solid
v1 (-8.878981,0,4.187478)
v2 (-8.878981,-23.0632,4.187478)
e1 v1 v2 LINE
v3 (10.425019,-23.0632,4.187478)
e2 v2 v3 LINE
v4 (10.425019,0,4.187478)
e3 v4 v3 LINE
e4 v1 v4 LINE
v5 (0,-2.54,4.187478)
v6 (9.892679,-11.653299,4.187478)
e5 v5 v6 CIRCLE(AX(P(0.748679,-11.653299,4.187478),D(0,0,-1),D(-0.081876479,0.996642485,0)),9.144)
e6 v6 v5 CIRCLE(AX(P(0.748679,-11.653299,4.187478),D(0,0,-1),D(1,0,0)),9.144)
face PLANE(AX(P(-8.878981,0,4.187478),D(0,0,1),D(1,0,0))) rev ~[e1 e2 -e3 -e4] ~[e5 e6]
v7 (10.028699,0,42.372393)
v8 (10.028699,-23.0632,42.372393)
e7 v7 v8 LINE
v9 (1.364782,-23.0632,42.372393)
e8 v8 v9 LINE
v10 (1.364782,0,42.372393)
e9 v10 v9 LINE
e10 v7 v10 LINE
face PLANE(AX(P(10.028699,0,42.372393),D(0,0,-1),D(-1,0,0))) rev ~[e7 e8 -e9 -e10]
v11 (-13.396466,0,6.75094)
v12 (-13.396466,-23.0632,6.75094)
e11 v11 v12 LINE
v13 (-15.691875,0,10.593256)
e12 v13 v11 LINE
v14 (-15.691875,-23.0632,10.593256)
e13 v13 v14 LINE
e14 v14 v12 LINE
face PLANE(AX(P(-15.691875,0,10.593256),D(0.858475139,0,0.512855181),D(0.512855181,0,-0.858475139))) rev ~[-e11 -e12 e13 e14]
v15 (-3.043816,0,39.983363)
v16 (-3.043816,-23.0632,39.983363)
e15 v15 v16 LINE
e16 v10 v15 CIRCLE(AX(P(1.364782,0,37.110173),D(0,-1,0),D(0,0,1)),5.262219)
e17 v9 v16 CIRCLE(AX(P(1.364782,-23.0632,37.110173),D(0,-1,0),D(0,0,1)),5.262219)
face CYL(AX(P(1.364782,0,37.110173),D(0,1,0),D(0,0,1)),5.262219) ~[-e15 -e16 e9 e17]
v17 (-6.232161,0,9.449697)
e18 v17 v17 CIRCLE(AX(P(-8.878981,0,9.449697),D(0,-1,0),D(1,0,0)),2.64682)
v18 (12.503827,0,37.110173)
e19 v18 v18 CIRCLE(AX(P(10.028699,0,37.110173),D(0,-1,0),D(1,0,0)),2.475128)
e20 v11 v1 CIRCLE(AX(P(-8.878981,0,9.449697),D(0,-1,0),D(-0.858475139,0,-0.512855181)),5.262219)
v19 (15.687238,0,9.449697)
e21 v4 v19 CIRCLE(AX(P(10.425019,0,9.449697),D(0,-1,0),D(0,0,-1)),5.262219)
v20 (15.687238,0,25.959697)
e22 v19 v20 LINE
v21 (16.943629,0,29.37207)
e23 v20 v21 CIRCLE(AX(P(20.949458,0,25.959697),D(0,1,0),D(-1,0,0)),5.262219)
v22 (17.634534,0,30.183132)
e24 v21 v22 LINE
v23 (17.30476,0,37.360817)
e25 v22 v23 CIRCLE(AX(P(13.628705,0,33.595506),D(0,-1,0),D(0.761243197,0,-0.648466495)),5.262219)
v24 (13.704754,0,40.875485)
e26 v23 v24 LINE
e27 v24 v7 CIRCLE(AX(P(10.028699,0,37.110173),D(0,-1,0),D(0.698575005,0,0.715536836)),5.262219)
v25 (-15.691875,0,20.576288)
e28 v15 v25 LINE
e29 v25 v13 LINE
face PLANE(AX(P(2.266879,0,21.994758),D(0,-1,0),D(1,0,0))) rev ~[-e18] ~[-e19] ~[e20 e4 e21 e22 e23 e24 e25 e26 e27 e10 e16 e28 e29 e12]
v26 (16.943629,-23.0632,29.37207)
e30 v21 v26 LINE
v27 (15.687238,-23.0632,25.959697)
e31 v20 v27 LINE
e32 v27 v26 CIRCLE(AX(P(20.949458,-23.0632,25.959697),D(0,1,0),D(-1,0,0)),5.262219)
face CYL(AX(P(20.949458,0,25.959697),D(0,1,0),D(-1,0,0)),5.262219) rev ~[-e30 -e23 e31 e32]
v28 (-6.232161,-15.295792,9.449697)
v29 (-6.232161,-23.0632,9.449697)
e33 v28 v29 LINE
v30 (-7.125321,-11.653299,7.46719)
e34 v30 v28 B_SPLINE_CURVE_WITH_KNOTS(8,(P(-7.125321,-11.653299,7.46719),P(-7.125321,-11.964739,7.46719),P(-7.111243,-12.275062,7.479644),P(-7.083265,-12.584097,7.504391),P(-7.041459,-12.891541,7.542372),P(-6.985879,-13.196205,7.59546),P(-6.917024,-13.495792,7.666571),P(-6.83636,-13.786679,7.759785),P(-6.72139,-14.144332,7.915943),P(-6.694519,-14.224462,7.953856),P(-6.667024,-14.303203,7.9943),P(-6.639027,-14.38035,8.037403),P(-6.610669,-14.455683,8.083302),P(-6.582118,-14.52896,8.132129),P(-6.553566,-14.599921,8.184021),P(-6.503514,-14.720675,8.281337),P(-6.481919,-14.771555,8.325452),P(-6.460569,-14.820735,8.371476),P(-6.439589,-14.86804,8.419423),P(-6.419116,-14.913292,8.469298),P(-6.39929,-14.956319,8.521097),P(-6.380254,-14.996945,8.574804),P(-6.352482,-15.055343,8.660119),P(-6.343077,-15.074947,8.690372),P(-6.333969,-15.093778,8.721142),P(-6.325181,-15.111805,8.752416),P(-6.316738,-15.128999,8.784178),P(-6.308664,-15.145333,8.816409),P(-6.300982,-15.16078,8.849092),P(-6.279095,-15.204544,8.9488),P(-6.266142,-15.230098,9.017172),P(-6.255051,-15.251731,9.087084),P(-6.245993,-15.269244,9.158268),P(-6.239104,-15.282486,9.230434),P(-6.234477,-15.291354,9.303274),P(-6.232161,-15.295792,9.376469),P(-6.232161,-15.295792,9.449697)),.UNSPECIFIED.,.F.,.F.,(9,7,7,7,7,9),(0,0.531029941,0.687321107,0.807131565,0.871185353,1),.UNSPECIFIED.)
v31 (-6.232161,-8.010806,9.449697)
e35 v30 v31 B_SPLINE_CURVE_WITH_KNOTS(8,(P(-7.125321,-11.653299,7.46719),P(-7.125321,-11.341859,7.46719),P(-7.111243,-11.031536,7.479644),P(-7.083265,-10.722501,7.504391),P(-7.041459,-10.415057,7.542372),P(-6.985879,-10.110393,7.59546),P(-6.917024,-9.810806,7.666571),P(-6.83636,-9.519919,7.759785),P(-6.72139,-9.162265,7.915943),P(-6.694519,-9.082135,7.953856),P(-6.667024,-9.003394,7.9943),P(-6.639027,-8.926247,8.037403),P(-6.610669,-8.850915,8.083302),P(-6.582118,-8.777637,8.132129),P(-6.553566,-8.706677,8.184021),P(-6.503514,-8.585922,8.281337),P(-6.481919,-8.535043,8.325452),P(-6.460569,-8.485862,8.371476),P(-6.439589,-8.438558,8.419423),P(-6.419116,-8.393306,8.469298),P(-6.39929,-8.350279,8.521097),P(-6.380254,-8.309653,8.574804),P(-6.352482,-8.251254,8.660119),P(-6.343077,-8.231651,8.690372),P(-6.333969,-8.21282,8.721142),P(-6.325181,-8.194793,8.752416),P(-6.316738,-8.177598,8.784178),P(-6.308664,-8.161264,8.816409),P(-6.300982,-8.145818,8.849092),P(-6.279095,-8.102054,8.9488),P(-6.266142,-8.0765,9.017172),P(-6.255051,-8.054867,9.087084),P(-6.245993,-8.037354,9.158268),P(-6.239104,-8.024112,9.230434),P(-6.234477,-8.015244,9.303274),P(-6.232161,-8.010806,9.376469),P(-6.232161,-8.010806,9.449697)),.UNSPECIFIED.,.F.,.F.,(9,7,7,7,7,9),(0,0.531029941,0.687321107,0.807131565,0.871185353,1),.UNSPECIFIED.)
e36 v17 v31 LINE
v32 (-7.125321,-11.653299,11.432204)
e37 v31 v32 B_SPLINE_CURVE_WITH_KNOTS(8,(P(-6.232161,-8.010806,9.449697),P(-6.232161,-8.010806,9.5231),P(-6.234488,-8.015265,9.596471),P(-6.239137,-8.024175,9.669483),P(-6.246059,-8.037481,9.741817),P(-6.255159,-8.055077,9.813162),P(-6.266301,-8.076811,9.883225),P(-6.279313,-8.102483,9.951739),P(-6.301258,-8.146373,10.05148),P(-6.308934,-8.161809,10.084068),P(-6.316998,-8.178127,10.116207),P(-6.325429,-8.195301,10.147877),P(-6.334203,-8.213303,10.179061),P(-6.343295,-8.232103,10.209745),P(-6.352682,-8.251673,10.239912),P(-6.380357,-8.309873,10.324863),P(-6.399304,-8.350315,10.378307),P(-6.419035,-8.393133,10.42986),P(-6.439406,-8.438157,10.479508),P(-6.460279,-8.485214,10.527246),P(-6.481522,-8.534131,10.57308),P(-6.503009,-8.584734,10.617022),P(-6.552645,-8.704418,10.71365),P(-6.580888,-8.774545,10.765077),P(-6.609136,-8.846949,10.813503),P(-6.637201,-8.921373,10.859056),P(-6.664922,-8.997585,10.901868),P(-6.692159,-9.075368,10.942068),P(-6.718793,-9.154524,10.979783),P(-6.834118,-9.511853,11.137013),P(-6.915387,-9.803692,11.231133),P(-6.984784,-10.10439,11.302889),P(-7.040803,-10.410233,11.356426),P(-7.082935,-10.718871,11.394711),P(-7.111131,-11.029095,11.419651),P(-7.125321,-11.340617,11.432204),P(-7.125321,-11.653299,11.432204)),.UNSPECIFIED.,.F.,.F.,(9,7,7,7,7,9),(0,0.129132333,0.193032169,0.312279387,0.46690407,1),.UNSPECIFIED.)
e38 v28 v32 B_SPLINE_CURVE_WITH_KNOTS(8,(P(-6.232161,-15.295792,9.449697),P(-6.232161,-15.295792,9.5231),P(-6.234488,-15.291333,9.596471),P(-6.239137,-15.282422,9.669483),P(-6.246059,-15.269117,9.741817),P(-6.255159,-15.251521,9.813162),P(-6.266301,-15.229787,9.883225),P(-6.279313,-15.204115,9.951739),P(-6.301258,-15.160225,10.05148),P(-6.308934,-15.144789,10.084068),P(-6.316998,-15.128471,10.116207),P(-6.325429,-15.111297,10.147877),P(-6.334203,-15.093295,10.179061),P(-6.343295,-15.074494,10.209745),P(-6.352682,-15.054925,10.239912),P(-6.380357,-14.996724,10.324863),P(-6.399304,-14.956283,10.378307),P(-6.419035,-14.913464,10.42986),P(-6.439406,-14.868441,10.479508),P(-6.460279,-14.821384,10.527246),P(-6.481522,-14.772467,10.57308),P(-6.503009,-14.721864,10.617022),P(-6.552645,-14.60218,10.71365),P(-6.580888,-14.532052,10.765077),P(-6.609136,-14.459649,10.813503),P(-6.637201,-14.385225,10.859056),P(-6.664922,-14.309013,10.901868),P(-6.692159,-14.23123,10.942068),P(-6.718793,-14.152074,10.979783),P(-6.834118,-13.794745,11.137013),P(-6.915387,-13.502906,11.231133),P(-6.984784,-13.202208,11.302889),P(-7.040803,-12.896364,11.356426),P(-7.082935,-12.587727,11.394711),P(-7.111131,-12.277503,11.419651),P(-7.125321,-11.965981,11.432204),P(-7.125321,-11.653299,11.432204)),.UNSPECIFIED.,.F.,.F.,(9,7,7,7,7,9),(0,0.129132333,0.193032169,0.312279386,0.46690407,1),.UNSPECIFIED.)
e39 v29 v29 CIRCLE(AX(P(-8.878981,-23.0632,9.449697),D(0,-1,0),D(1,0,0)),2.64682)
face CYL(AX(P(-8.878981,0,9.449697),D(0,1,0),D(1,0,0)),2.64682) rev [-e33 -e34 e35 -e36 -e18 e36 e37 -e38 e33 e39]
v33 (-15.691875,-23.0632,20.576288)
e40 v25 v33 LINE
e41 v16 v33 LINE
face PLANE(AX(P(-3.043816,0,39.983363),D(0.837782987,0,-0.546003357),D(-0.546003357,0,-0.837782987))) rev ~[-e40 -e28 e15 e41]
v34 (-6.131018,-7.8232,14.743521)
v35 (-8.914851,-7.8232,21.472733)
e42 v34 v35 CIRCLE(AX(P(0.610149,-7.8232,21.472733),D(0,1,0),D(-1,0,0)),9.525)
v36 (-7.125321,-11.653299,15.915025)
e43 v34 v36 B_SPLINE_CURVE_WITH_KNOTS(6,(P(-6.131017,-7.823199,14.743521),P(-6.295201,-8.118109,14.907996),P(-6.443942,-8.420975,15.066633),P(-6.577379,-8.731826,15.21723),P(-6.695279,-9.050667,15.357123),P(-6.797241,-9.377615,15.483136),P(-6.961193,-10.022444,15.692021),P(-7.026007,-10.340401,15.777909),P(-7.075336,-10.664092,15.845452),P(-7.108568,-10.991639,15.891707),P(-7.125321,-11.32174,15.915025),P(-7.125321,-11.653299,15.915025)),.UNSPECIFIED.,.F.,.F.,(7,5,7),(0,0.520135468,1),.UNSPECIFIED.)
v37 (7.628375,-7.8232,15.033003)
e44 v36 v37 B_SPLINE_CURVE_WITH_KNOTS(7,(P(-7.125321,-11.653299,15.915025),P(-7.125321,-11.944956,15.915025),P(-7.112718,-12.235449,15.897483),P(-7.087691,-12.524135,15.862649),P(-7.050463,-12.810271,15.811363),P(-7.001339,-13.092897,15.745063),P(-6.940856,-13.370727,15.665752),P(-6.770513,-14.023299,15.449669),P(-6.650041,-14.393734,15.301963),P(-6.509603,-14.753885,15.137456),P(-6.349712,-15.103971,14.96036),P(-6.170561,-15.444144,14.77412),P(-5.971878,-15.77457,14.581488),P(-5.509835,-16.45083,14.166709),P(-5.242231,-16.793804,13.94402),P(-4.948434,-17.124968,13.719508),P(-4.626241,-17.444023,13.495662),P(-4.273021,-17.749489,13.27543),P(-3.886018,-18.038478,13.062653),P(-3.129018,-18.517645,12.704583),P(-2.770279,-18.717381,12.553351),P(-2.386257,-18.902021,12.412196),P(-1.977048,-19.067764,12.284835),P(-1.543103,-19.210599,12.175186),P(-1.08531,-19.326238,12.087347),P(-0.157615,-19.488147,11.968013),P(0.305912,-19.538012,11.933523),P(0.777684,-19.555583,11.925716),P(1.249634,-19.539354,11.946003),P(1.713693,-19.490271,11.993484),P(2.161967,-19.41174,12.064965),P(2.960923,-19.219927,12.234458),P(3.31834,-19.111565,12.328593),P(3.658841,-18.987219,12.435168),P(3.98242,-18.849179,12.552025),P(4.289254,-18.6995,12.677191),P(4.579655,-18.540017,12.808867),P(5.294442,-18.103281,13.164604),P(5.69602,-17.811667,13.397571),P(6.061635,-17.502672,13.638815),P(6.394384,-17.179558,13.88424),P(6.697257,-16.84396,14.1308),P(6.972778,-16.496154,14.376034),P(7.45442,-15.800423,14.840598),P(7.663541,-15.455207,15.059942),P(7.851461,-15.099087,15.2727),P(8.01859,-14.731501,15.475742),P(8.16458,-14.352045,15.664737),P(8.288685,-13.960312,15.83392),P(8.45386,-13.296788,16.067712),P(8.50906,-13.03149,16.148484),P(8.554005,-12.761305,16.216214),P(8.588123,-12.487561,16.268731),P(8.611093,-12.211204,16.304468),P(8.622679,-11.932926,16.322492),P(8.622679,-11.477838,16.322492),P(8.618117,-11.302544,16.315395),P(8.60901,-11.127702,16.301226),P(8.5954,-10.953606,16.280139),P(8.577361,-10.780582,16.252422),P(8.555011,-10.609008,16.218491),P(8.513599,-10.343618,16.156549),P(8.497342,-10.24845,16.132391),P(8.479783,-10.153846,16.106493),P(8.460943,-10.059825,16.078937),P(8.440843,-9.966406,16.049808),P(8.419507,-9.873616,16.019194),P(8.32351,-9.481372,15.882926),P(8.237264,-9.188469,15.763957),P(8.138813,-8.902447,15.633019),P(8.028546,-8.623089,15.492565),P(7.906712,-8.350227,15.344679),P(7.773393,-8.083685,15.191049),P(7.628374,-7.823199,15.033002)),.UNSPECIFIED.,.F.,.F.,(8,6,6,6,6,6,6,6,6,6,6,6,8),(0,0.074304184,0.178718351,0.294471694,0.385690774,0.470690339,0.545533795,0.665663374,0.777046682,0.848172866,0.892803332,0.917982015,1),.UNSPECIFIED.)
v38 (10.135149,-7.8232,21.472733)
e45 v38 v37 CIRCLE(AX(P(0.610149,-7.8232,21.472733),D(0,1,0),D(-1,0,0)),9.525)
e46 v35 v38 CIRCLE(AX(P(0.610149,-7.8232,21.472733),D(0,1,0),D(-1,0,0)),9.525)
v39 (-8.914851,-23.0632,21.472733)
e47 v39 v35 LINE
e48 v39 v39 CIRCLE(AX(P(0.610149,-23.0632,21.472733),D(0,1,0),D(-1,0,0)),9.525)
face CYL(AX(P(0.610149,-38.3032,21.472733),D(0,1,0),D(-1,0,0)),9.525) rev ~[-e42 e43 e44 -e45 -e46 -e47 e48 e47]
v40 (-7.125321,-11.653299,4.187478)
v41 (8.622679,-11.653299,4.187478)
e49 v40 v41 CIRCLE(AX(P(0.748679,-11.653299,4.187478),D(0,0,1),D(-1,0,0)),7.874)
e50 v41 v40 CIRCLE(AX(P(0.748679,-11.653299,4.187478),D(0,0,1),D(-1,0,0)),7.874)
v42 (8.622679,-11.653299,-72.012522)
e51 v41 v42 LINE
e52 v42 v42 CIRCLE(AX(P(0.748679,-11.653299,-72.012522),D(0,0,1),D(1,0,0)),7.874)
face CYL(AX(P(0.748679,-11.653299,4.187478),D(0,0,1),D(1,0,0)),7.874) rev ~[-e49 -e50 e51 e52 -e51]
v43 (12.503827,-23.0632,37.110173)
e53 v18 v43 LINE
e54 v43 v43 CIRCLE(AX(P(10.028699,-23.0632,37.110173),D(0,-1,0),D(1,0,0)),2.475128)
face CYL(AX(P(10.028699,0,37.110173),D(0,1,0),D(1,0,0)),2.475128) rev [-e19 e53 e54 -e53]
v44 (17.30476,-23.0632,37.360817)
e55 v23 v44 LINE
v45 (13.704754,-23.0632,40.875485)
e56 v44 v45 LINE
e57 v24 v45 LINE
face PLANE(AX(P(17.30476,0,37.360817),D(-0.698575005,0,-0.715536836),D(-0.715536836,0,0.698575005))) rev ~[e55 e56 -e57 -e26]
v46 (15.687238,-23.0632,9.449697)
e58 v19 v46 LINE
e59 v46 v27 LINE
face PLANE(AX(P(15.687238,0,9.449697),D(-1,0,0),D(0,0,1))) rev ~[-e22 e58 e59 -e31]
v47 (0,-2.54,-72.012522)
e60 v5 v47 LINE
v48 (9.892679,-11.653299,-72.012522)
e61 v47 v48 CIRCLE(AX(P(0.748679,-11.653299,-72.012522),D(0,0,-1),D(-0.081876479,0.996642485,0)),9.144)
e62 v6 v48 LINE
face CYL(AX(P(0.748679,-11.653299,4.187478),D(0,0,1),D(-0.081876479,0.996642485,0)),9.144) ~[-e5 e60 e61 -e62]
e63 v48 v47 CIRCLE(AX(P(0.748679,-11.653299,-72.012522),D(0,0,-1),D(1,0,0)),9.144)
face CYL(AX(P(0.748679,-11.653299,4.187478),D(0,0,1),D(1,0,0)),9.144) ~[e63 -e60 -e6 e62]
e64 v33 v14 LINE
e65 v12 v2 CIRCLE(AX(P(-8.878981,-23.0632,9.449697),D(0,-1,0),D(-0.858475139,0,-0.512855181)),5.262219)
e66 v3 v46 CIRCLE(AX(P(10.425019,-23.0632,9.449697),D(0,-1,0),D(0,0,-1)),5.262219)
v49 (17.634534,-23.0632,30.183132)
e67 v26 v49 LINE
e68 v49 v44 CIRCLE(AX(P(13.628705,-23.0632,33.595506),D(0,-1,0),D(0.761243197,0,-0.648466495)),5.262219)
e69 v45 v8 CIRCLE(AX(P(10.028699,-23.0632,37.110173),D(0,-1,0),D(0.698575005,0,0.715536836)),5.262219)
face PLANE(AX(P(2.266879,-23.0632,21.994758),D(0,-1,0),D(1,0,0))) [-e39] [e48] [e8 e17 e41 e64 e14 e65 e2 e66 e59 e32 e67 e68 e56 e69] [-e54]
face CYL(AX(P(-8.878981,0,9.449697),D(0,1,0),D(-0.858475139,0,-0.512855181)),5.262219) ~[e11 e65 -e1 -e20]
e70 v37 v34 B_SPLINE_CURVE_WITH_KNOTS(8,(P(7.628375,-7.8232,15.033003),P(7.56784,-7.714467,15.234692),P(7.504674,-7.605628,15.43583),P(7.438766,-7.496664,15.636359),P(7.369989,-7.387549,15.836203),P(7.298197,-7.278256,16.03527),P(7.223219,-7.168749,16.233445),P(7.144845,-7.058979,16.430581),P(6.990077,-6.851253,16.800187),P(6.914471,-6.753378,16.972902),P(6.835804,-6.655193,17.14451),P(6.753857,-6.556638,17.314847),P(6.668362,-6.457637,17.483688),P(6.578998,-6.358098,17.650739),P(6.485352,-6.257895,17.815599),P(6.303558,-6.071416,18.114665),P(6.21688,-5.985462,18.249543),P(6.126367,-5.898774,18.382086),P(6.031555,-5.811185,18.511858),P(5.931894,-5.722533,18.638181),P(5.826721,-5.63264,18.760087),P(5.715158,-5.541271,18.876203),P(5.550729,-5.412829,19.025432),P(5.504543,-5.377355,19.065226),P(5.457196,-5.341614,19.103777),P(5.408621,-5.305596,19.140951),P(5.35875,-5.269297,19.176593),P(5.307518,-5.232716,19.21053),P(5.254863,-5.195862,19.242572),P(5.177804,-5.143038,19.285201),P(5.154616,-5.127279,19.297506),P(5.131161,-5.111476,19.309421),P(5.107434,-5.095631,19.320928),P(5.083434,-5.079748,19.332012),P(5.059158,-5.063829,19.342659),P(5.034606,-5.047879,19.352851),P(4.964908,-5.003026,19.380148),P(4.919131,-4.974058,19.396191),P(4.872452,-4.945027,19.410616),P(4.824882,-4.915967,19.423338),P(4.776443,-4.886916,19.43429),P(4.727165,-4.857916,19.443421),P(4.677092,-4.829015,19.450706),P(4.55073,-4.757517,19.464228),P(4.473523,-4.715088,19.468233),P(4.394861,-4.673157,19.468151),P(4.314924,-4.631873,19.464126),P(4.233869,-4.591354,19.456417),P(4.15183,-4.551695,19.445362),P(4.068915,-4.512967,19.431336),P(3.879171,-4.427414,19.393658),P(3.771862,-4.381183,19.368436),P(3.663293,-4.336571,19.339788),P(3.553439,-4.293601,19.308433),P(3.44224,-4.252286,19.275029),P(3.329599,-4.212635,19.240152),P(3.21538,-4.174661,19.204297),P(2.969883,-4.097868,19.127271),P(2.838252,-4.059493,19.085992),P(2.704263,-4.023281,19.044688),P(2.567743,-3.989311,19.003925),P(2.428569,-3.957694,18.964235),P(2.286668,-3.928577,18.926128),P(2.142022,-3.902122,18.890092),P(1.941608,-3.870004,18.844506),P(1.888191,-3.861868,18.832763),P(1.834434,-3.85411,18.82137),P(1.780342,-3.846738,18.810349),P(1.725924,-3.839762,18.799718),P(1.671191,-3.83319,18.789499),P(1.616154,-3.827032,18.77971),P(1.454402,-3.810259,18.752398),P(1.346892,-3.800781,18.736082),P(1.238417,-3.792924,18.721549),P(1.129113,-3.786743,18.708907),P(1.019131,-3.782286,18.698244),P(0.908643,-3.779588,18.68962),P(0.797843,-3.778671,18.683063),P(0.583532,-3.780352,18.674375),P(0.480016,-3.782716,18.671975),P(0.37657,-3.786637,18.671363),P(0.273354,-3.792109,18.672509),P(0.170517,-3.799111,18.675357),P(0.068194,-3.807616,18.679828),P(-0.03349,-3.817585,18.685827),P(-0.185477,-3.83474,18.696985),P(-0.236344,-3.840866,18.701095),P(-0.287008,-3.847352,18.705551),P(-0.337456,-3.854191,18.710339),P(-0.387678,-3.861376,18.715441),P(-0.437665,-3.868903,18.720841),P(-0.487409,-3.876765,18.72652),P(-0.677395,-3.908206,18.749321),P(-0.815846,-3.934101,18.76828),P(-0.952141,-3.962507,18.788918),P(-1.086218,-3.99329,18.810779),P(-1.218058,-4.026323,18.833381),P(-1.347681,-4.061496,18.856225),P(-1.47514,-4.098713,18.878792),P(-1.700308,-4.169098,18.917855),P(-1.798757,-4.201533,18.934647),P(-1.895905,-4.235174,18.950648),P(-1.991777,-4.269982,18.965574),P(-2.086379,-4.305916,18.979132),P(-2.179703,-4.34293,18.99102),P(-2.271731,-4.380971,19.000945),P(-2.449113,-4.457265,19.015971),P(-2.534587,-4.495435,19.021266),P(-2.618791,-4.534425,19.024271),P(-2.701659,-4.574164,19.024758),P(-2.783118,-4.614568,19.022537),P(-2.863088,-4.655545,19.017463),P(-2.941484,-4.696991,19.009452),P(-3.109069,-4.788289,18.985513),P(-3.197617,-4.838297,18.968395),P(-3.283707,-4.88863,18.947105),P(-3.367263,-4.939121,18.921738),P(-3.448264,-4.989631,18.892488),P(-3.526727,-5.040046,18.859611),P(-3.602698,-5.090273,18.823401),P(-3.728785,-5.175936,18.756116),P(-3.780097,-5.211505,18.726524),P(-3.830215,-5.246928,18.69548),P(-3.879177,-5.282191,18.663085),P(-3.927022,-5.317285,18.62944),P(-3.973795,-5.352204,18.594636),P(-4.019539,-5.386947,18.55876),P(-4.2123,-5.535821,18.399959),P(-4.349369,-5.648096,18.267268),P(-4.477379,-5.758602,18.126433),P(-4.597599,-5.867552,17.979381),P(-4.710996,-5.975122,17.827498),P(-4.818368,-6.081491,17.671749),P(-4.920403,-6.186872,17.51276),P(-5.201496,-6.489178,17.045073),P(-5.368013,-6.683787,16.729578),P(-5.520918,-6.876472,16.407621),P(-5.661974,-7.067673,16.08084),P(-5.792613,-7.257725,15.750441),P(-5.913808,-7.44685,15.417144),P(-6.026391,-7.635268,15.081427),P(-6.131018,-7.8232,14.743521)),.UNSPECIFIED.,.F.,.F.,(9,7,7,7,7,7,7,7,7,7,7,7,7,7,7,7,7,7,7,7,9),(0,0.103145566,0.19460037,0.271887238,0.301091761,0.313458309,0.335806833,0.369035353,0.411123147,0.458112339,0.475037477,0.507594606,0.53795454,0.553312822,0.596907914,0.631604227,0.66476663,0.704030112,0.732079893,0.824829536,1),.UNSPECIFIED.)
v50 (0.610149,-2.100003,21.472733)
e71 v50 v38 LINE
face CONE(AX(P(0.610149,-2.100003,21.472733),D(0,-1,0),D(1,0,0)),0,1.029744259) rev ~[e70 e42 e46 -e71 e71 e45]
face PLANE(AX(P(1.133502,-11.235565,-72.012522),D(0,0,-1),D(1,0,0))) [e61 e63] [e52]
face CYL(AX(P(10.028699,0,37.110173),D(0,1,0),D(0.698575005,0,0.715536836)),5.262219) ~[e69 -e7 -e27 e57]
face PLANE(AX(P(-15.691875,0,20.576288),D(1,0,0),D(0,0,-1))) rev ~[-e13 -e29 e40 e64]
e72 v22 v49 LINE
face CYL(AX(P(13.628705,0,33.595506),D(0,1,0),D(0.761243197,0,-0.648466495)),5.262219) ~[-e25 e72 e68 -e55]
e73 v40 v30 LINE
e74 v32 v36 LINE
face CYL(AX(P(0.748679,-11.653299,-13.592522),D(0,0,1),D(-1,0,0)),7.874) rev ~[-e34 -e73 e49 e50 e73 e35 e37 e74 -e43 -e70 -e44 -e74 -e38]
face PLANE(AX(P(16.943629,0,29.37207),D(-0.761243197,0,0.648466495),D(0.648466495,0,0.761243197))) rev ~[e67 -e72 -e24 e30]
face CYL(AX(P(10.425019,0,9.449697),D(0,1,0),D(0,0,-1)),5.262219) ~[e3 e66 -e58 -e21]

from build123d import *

# Parameters (mm, degrees)
F0_R     = 2.6468200674
F0_R_2   = 2.4751284116
F1_DEPTH = 23.0632
F3_D     = 19.05
F3_DEPTH = 15.24
F3_TIP   = 5.7231973962
F5_D     = 15.748
F5_DEPTH = 17.78
F5_TIP   = 4.7311765142
F6_DEPTH = 76.2
F7_D     = 15.748
F7_DEPTH = 78.74
F7_TIP   = 4.7311765142


with BuildPart() as f1:
    # F0 (on Front) → F1 (new body)
    with BuildSketch(Plane.XZ):
        with BuildLine():
            ThreePointArc((-13.3964658612, 6.7509404916), (-11.4760473771, 4.8729949891), (-8.8789812826, 4.1874775452))
            Line((-8.8789812826, 4.1874775452), (10.0976222454, 4.1874775452))
            Line((10.0976222454, 4.1874775452), (10.4250187174, 4.1874775452))
            ThreePointArc((10.4250187174, 4.1874775452), (14.1459697805, 5.7287459405), (15.6872381758, 9.4496970036))
            Line((15.6872381758, 9.4496970036), (15.6872381758, 25.9596970036))
            ThreePointArc((15.6872381758, 25.9596970036), (16.0113150838, 27.7778559021), (16.9436288703, 29.3720700112))
            Line((16.9436288703, 29.3720700112), (17.6345340249, 30.1831324991))
            ThreePointArc((17.6345340249, 30.1831324991), (18.8853795407, 33.8370197817), (17.3047602431, 37.3608173659))
            Line((17.3047602431, 37.3608173659), (13.7047539976, 40.875485311))
            ThreePointArc((13.7047539976, 40.875485311), (12.0132715508, 41.9838194669), (10.0286990154, 42.3723929102))
            Line((10.0286990154, 42.3723929102), (1.3647818566, 42.3723929102))
            ThreePointArc((1.3647818566, 42.3723929102), (-1.1423679176, 41.7367438487), (-3.0438160811, 39.9833629429))
            Line((-3.0438160811, 39.9833629429), (-15.6918746521, 20.5762875984))
            Line((-15.6918746521, 20.5762875984), (-15.6918746521, 10.5932559313))
            Line((-15.6918746521, 10.5932559313), (-13.3964658612, 6.7509404916))
        make_face()
        with Locations((-8.8789812826, 9.4496970036)):
            Circle(F0_R, mode=Mode.SUBTRACT)
        with Locations((10.0286990154, 37.1101734518)):
            Circle(F0_R_2, mode=Mode.SUBTRACT)
    extrude(amount=F1_DEPTH)

    # F3
    with Locations(Plane.XZ.offset(23.0632)):
        with Locations((0.6101487425, 21.472733464)):
            Hole(F3_D / 2, depth=F3_DEPTH)
            with Locations((0, 0, -(F3_DEPTH + F3_TIP / 2))):  # 118° drill point
                Cone(0, F3_D / 2, F3_TIP, mode=Mode.SUBTRACT)

    # F5
    with Locations(Plane(origin=(0, 0, 4.1874775452), x_dir=(1, 0, 0), z_dir=(0, 0, -1))):
        with Locations((0.7486785246, 11.6532988795)):
            Hole(F5_D / 2, depth=F5_DEPTH)
            with Locations((0, 0, -(F5_DEPTH + F5_TIP / 2))):  # 118° drill point
                Cone(0, F5_D / 2, F5_TIP, mode=Mode.SUBTRACT)

    # F4 (on face) → F6 (join)
    with BuildSketch(Plane(origin=(0, 0, 4.1874775452), x_dir=(1, 0, 0), z_dir=(0, 0, -1))):
        with BuildLine():
            ThreePointArc((9.8926785246, 11.6532988795), (-5.4467560676, 18.3785740571), (0, 2.54))
            ThreePointArc((0, 2.54), (6.9441131167, 4.9280237019), (9.8926785246, 11.6532988795))
        make_face()
    extrude(amount=F6_DEPTH)

    # F7 (one way)
    with BuildSketch(Plane.XY.offset(4.1874775452)):
        with Locations((0.7486785246, -11.6532988795)):
            Circle(F7_D / 2)
    extrude(amount=-F7_DEPTH, mode=Mode.SUBTRACT)
    with Locations(Plane.XY.offset(4.1874775452)):
        with Locations((0.7486785246, -11.6532988795)):
            with Locations((0, 0, -(F7_DEPTH + F7_TIP / 2))):  # 118° drill point
                Cone(0, F7_D / 2, F7_TIP, mode=Mode.SUBTRACT)


solid = f1.part
